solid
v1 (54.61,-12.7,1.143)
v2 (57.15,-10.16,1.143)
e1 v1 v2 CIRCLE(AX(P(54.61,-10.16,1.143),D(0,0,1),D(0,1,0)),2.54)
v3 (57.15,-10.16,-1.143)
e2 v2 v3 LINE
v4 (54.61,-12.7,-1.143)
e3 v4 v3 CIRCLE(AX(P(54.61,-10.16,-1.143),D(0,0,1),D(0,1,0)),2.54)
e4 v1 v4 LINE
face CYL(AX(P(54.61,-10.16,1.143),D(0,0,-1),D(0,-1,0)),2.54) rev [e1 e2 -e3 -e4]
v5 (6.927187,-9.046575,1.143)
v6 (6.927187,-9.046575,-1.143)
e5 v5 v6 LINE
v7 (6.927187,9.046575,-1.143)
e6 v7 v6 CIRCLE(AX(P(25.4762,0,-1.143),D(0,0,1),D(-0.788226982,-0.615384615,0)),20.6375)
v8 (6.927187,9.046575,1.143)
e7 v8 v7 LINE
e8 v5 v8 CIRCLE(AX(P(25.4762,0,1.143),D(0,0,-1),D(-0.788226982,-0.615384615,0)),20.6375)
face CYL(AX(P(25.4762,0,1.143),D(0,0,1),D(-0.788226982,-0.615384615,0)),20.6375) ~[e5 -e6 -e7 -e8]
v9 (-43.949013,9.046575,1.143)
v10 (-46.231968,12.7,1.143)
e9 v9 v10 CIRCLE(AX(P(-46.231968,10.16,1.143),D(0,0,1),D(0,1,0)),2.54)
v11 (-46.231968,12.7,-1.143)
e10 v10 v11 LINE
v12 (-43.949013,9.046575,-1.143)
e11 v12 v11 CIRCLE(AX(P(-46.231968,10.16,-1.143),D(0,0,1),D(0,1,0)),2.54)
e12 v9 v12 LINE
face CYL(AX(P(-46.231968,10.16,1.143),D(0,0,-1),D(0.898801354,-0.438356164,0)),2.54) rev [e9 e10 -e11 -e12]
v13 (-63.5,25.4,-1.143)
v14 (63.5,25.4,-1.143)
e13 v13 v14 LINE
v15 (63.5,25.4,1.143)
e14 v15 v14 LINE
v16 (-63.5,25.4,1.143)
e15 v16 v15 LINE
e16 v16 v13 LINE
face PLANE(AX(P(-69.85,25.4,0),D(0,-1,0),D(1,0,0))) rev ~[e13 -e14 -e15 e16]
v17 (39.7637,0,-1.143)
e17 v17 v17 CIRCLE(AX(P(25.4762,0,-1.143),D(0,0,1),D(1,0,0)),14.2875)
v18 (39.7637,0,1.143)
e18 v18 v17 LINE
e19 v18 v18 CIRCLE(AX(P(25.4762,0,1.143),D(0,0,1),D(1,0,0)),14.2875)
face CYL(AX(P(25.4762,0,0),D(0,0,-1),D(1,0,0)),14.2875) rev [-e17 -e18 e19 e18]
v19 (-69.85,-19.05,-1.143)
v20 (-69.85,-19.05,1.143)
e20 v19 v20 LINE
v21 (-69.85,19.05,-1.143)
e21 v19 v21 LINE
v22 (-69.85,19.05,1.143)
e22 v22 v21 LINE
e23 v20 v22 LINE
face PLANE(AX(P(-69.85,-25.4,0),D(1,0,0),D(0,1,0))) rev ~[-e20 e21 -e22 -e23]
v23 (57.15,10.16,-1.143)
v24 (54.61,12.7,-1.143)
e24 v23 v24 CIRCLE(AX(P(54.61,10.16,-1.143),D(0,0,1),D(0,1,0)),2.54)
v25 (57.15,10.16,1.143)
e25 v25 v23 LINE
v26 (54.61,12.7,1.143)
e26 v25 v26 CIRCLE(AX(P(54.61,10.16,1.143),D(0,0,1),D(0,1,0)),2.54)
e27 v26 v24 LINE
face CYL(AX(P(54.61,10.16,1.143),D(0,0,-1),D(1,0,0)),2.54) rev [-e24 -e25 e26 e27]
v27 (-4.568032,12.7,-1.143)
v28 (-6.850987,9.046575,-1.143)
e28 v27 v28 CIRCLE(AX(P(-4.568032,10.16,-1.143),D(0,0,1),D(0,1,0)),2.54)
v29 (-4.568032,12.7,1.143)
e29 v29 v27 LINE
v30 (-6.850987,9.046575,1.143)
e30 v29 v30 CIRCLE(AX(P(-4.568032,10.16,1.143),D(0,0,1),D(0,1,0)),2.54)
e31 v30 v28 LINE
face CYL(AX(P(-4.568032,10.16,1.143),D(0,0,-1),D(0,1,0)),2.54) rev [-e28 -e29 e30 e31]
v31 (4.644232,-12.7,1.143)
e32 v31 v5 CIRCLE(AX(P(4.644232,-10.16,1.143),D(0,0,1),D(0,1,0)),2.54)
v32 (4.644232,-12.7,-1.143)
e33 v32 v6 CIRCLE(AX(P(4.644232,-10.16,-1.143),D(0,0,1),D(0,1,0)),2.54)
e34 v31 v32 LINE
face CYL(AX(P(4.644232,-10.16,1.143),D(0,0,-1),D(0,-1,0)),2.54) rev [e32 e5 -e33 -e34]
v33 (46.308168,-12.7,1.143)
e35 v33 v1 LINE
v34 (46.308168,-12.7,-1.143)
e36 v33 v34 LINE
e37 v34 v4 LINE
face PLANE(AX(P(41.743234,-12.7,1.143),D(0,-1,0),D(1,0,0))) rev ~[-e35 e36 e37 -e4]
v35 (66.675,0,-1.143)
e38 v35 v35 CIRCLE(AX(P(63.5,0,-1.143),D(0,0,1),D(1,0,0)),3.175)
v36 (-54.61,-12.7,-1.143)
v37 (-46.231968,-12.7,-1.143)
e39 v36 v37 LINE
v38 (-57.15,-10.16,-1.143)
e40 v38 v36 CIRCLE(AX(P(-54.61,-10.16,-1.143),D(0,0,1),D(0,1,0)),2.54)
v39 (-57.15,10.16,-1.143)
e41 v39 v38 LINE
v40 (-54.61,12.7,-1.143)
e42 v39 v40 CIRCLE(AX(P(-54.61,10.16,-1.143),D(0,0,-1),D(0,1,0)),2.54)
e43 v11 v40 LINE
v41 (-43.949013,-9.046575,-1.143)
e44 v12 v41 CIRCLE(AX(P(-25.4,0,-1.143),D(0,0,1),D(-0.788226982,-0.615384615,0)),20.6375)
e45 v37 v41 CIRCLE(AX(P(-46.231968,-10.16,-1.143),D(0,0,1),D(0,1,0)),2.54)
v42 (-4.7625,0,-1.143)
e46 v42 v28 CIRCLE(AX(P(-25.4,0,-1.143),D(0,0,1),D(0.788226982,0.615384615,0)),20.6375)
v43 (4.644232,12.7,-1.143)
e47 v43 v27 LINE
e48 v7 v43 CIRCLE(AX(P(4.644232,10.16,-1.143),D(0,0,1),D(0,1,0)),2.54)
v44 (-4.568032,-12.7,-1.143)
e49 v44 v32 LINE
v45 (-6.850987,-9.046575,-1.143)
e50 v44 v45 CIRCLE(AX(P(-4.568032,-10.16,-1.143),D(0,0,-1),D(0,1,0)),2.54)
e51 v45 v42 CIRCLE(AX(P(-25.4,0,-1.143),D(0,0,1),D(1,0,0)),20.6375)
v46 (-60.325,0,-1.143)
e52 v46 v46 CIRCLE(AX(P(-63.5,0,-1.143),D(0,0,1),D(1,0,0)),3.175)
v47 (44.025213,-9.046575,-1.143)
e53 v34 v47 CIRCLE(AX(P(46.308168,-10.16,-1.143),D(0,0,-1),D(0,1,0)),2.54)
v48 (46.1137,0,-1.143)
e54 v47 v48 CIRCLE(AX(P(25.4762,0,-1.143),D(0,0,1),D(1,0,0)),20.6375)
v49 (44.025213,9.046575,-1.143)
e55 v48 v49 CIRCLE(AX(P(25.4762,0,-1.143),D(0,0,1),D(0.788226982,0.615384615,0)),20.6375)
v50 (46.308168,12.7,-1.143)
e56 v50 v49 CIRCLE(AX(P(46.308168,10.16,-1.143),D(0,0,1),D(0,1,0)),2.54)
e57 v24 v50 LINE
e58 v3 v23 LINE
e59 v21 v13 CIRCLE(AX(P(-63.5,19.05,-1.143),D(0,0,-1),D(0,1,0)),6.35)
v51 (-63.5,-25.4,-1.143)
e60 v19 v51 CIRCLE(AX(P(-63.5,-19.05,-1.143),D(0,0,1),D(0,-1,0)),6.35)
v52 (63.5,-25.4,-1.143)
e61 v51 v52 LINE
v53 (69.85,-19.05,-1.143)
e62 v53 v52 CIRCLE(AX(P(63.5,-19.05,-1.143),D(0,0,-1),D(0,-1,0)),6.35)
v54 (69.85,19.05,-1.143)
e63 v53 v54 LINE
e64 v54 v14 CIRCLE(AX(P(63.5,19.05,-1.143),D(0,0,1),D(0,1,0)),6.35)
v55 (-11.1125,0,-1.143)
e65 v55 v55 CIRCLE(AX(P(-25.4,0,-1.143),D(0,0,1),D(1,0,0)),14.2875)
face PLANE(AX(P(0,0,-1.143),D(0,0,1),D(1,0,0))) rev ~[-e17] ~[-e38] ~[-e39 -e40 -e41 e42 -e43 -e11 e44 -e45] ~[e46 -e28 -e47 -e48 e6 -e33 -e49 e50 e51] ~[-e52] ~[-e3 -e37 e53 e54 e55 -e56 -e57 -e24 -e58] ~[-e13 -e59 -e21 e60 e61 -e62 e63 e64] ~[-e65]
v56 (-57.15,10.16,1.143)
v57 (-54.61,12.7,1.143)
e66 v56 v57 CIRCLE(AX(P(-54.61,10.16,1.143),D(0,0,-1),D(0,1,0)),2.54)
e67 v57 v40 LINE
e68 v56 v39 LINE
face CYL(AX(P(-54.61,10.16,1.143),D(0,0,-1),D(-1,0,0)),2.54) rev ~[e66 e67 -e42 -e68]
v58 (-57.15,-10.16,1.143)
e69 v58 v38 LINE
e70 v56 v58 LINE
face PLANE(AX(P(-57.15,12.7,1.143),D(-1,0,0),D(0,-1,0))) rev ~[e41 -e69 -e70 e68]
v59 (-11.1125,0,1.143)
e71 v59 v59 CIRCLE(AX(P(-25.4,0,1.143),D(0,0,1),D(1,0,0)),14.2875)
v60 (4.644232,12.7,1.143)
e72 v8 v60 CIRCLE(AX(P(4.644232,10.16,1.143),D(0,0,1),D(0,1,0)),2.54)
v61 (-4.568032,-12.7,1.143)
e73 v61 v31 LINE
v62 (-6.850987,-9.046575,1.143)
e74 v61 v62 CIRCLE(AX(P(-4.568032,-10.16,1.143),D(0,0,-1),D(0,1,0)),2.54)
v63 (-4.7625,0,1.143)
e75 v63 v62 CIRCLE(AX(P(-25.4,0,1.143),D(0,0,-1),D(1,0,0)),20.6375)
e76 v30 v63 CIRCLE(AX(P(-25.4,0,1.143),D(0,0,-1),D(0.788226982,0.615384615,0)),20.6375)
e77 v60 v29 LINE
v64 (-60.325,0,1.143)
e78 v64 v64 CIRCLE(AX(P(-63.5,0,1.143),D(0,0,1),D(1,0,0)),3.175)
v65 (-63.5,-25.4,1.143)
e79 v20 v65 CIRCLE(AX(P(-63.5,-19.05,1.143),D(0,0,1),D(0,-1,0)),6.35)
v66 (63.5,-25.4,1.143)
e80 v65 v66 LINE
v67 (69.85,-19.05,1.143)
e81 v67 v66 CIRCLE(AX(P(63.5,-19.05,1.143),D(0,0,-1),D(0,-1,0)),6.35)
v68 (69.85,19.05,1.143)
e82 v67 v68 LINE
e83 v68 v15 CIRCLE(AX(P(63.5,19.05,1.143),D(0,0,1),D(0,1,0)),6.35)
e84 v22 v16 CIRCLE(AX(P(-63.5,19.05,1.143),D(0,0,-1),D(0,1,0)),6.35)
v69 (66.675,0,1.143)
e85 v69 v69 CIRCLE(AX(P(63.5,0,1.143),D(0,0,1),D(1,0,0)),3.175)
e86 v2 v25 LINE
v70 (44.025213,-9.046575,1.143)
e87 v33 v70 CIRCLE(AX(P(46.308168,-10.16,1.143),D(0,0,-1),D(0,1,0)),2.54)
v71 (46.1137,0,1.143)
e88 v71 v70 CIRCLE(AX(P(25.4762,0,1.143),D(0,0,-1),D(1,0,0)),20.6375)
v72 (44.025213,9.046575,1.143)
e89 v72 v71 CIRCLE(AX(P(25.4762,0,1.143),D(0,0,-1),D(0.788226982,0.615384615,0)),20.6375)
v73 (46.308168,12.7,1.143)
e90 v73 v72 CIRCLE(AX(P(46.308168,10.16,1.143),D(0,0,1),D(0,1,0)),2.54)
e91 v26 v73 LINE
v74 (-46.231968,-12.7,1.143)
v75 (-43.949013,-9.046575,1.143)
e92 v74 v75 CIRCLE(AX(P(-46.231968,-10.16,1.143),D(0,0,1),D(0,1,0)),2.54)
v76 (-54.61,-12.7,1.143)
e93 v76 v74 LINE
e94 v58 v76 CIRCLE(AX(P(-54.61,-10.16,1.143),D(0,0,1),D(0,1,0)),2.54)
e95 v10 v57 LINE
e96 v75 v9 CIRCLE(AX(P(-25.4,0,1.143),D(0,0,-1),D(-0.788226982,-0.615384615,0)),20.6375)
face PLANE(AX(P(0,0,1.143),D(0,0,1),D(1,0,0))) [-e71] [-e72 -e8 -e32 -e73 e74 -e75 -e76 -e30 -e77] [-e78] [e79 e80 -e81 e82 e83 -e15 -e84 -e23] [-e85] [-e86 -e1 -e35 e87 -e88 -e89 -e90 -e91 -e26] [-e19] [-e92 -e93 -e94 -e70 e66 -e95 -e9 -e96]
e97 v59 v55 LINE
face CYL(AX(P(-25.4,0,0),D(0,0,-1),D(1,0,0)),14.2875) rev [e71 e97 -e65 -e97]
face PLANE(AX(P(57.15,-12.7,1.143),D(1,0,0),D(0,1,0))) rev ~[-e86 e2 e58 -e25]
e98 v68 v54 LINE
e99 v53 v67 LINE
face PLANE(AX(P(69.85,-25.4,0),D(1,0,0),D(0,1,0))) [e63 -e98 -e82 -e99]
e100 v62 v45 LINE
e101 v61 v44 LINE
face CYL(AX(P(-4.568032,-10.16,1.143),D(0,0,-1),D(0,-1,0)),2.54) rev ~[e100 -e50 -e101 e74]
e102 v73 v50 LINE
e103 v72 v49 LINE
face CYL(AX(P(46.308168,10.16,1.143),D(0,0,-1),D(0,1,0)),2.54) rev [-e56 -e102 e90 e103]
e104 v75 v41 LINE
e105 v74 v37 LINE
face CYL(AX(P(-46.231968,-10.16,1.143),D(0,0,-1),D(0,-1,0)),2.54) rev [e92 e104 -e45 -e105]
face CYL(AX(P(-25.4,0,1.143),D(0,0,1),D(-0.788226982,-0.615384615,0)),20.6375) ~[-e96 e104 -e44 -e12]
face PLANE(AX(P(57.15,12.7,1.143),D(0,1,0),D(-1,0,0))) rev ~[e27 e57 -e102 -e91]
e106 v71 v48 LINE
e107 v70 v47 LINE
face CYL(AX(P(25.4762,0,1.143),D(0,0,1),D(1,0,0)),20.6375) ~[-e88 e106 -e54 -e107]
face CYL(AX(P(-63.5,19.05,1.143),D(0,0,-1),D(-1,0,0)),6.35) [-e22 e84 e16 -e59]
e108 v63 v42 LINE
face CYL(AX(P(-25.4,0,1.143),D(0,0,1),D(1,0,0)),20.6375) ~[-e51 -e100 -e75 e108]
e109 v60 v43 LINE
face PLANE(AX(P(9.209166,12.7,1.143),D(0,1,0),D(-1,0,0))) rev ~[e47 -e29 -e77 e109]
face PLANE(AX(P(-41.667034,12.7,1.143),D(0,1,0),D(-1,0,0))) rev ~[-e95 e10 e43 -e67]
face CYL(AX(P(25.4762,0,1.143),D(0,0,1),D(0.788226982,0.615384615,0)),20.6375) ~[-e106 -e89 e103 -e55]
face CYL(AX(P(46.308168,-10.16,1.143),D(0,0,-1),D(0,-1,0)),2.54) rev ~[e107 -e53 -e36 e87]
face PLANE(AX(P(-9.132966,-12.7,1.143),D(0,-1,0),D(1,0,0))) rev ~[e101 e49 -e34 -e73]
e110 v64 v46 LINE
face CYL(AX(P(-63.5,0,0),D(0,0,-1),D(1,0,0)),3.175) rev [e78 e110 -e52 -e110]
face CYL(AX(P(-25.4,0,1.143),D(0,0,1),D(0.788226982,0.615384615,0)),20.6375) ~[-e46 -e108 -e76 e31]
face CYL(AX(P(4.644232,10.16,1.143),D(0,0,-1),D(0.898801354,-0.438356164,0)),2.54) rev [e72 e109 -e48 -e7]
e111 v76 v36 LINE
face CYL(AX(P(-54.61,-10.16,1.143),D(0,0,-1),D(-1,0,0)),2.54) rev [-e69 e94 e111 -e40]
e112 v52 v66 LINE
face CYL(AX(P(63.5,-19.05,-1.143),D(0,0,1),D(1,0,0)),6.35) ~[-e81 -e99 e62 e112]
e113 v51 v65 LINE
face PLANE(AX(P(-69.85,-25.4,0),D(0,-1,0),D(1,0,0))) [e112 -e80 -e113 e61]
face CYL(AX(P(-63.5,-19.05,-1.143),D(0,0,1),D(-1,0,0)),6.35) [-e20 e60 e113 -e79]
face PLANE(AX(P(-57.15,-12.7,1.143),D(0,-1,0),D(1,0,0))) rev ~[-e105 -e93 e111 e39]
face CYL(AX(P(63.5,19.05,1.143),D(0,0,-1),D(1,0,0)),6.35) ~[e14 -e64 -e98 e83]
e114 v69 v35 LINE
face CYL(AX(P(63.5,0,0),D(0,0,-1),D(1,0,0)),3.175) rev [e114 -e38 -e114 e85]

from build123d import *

# Parameters (mm, degrees)
SKETCH1_W           = 139.7
SKETCH1_H           = 50.8
SKETCH1_R           = 3.175
SKETCH1_R_2         = 14.2875
BOSS_EXTRUDE1_DEPTH = 1.143
FILLET1_R           = 6.35
CUT_EXTRUDE1_DEPTH  = 2.54
FILLET2_R           = 2.54


with BuildPart() as part:
    # Sketch1 → Boss-Extrude1 (new, symmetric)
    with BuildSketch(Plane.XY):
        Rectangle(SKETCH1_W, SKETCH1_H)
        with Locations((-63.5, 0)):
            Circle(SKETCH1_R, mode=Mode.SUBTRACT)
        with Locations((63.5, 0)):
            Circle(SKETCH1_R, mode=Mode.SUBTRACT)
        with Locations((-25.4, 0)):
            Circle(SKETCH1_R_2, mode=Mode.SUBTRACT)
        with Locations((25.4762, 0)):
            Circle(SKETCH1_R_2, mode=Mode.SUBTRACT)
    extrude(amount=BOSS_EXTRUDE1_DEPTH, both=True)

    # Fillet1
    fillet1_edges = [part.edges().sort_by_distance(p)[0] for p in [
        (69.85, -25.4, 0),
        (-69.85, -25.4, 0),
        (-69.85, 25.4, 0),
        (69.85, 25.4, 0),
    ]]
    fillet(fillet1_edges, radius=FILLET1_R)

    # Sketch2 → Cut-Extrude1 (cut)
    with BuildSketch(Plane.XY.offset(1.143)):
        with BuildLine():
            Line((-57.15, 12.7), (-57.15, -12.7))
            Line((-57.15, -12.7), (-41.667034341, -12.7))
            ThreePointArc((-41.667034341, -12.7), (-46.0375, 0), (-41.667034341, 12.7))
            Line((-41.667034341, 12.7), (-57.15, 12.7))
        make_face()
        with BuildLine():
            ThreePointArc((-4.7625, 0), (-5.885680547, -6.715485278), (-9.132965659, -12.7))
            Line((-9.132965659, -12.7), (9.209165659, -12.7))
            ThreePointArc((9.209165659, -12.7), (4.8387, 0), (9.209165659, 12.7))
            Line((9.209165659, 12.7), (-9.132965659, 12.7))
            ThreePointArc((-9.132965659, 12.7), (-5.885680547, 6.715485278), (-4.7625, 0))
        make_face()
        with BuildLine():
            ThreePointArc((46.1137, 0), (44.990519453, -6.715485278), (41.743234341, -12.7))
            Line((41.743234341, -12.7), (57.15, -12.7))
            Line((57.15, -12.7), (57.15, 12.7))
            Line((57.15, 12.7), (41.743234341, 12.7))
            ThreePointArc((41.743234341, 12.7), (44.990519453, 6.715485278), (46.1137, 0))
        make_face()
    extrude(amount=-CUT_EXTRUDE1_DEPTH, mode=Mode.SUBTRACT)

    # Fillet2
    fillet2_edges = [part.edges().sort_by_distance(p)[0] for p in [
        (-41.667034341, 12.7, 0),
        (-41.667034341, -12.7, 0),
        (-57.15, -12.7, 0),
        (-57.15, 12.7, 0),
        (9.209165659, 12.7, 0),
        (9.209165659, -12.7, 0),
        (-9.132965659, -12.7, 0),
        (-9.132965659, 12.7, 0),
        (41.743234341, -12.7, 0),
        (41.743234341, 12.7, 0),
        (57.15, 12.7, 0),
        (57.15, -12.7, 0),
    ]]
    fillet(fillet2_edges, radius=FILLET2_R)


solid = part.part
